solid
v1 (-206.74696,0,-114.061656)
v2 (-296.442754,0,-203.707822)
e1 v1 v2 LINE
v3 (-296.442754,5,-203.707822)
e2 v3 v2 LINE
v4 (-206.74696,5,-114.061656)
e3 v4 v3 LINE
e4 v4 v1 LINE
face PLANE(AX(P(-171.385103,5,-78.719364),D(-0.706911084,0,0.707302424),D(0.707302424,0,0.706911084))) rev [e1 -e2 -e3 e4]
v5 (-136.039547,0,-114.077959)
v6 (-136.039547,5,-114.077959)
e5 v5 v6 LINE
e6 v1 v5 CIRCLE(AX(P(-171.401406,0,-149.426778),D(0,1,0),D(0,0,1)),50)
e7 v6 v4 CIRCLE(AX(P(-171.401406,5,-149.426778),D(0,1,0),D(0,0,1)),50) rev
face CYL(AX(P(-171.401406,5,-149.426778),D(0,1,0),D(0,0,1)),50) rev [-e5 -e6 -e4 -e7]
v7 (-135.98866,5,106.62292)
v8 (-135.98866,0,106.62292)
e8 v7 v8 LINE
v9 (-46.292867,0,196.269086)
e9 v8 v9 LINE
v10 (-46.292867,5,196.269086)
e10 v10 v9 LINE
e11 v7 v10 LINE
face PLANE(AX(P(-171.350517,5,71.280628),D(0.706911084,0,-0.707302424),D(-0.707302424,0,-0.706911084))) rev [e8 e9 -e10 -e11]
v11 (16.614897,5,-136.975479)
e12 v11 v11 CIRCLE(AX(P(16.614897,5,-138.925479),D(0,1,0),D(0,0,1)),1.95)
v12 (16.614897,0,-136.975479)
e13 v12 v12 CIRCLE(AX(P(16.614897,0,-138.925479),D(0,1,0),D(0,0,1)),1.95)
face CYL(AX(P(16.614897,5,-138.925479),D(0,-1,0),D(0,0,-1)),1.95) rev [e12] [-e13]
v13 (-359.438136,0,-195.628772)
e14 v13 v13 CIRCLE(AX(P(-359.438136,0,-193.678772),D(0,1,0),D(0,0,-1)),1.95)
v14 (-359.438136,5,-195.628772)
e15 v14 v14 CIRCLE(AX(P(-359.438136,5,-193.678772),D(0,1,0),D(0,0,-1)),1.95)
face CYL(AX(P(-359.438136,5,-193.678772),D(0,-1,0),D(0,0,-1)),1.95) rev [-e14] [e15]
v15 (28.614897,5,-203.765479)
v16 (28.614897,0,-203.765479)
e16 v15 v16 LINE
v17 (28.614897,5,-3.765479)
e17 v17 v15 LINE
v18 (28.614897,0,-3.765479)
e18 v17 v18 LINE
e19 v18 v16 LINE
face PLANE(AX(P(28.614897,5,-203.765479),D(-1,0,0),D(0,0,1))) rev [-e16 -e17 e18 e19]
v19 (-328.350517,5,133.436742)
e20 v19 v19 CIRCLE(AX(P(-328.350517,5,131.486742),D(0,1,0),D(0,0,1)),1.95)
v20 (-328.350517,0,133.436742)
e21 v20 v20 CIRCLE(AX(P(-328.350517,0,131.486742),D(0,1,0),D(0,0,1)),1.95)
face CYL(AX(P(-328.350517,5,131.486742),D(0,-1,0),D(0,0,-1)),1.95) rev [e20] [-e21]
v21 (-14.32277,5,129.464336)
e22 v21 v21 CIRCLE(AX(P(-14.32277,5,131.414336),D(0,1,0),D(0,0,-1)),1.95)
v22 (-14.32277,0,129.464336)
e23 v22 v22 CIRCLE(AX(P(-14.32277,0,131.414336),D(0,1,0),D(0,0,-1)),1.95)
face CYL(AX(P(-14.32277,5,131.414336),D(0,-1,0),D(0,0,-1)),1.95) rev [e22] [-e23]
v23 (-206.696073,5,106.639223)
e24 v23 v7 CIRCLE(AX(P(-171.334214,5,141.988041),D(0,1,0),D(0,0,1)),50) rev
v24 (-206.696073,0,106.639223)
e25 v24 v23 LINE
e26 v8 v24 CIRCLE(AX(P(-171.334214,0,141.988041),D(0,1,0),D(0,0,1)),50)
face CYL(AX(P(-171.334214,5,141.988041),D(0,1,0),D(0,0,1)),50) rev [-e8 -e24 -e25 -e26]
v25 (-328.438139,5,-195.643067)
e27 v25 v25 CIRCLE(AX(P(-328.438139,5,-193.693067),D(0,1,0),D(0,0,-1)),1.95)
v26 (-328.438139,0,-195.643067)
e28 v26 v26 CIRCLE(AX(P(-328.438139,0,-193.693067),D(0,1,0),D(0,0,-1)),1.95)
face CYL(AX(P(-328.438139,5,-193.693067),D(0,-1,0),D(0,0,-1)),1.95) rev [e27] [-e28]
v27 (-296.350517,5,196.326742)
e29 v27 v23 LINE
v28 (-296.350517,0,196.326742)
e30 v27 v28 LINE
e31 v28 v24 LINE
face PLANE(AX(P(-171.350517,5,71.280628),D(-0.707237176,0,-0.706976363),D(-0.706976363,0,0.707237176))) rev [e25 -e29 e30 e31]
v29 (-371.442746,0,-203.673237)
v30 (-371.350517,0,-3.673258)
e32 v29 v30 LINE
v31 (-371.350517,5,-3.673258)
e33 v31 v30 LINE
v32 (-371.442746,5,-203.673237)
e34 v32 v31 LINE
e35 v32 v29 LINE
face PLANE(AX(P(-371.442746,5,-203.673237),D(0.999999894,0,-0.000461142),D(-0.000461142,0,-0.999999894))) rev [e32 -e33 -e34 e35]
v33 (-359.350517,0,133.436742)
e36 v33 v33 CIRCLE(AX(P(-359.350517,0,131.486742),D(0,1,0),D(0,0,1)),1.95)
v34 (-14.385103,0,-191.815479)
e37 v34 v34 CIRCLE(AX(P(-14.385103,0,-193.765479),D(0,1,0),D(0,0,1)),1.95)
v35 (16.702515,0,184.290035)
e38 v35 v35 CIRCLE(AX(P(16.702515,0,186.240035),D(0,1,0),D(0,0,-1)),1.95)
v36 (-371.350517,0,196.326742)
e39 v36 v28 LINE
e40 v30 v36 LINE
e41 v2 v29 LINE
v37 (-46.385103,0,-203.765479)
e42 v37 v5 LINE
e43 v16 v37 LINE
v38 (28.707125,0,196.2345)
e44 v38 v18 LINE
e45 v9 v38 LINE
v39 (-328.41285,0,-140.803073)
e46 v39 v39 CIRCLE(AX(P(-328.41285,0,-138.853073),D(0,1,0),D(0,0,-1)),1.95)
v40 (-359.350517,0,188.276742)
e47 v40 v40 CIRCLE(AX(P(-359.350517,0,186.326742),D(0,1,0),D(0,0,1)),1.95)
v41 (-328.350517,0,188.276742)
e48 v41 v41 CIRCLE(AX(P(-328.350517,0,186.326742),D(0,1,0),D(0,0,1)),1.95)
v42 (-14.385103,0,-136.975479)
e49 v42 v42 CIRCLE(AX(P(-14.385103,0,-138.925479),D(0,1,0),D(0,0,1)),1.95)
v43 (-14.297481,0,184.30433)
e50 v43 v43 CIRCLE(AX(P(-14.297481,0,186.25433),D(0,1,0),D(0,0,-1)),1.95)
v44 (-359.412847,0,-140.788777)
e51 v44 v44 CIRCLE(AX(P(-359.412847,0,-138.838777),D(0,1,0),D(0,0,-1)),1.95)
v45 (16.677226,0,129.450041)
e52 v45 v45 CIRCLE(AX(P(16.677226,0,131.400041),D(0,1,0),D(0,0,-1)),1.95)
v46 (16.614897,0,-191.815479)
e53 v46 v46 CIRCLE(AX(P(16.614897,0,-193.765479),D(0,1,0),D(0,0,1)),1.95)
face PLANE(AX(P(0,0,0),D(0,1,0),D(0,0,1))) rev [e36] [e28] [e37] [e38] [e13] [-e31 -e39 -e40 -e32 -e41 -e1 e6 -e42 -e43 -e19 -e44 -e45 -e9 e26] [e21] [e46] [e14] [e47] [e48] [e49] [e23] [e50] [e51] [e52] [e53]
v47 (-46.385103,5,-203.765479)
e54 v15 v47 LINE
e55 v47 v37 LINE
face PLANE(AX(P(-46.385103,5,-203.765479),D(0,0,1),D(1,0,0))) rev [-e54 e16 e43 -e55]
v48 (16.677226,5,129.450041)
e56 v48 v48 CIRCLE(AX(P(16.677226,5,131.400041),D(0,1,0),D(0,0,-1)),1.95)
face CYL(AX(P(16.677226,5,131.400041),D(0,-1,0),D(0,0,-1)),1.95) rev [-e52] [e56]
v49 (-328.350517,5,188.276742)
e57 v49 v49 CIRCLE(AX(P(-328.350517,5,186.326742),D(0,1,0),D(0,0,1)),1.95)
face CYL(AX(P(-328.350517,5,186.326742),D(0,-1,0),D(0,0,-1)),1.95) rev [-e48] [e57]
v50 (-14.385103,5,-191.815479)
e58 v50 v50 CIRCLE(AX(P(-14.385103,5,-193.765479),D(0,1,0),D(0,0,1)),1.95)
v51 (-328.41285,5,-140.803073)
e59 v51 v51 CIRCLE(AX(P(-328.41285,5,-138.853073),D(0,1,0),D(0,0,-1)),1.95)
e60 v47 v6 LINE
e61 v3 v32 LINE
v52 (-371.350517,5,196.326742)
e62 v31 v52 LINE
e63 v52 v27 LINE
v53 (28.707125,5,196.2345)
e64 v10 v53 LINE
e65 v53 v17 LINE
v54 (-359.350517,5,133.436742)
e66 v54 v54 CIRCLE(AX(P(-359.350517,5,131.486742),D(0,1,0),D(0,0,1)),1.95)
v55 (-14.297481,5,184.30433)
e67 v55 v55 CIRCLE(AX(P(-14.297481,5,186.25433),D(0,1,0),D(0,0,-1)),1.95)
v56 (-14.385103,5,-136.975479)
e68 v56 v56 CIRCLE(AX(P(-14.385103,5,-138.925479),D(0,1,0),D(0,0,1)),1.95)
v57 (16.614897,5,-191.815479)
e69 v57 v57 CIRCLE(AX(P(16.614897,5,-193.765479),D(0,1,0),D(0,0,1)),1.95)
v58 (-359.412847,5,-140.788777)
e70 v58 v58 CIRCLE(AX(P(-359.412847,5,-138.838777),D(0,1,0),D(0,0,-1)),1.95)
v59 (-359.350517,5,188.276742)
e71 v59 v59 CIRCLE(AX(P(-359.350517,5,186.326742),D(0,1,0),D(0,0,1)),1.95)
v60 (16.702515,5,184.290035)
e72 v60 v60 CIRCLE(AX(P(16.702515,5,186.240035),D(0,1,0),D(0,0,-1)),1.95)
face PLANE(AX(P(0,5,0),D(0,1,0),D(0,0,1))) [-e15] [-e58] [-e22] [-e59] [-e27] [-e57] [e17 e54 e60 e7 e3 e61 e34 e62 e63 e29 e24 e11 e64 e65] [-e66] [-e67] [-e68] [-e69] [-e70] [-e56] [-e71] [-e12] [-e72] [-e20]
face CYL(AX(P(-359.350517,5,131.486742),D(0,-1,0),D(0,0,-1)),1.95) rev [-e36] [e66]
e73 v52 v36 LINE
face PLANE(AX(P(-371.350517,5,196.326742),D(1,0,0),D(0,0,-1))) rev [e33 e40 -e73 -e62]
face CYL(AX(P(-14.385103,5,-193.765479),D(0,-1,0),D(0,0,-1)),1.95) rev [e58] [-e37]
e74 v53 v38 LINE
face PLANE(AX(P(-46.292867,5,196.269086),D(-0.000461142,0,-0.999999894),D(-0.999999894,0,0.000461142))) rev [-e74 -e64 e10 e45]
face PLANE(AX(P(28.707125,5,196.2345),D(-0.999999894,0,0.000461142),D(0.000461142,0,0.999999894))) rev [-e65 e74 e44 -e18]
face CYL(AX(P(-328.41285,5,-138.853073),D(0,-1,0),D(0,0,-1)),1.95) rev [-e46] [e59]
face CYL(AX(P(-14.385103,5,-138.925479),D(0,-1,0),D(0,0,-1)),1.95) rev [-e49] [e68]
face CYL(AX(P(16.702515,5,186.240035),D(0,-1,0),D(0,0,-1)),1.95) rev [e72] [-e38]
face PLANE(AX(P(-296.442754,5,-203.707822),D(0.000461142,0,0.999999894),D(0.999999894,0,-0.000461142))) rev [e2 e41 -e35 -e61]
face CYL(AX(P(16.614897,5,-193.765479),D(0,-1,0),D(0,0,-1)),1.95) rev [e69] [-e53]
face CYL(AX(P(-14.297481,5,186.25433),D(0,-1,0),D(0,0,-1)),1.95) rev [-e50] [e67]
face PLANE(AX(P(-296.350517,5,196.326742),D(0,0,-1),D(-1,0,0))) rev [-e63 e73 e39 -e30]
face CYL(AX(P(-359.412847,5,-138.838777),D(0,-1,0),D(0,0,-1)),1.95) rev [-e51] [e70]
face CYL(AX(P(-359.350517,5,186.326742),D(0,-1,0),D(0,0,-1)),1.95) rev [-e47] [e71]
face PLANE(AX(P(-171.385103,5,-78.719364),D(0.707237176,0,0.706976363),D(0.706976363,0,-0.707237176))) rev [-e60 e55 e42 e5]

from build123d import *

# Parameters (mm, degrees)
SKETCH1_R           = 1.95
BOSS_EXTRUDE1_DEPTH = 5
FILLET1_R           = 50


with BuildPart() as part:
    # Sketch1 → Boss-Extrude1 (new body)
    with BuildSketch(Plane(origin=(0, 0, 0), x_dir=(1, 0, 0), z_dir=(0, 1, 0))):
        Polygon((-171.385103045, 78.719364296), (-46.385103045, 203.765478515), (28.614896955, 203.765478515), (28.614896955, 3.765478515), (28.707125389, -196.23450022), (-46.292866637, -196.269085883), (-171.350517383, -71.28062773), (-296.350517383, -196.326741949), (-371.350517383, -196.326741949), (-371.350517383, 3.673258051), (-371.442745817, 203.673236785), (-296.442753791, 203.707822448), align=None)
        with Locations((16.614896955, 193.765478515)):
            Circle(SKETCH1_R, mode=Mode.SUBTRACT)
        with Locations((-14.385103045, 193.765478515)):
            Circle(SKETCH1_R, mode=Mode.SUBTRACT)
        with Locations((-14.385103045, 138.925478515)):
            Circle(SKETCH1_R, mode=Mode.SUBTRACT)
        with Locations((16.614896955, 138.925478515)):
            Circle(SKETCH1_R, mode=Mode.SUBTRACT)
        with Locations((16.677226206, -131.40004082)):
            Circle(SKETCH1_R, mode=Mode.SUBTRACT)
        with Locations((-14.322770498, -131.414336227)):
            Circle(SKETCH1_R, mode=Mode.SUBTRACT)
        with Locations((16.702515243, -186.240034989)):
            Circle(SKETCH1_R, mode=Mode.SUBTRACT)
        with Locations((-14.297481461, -186.254330396)):
            Circle(SKETCH1_R, mode=Mode.SUBTRACT)
        with Locations((-328.350517383, -186.326741949)):
            Circle(SKETCH1_R, mode=Mode.SUBTRACT)
        with Locations((-359.350517383, -186.326741949)):
            Circle(SKETCH1_R, mode=Mode.SUBTRACT)
        with Locations((-328.350517383, -131.486741949)):
            Circle(SKETCH1_R, mode=Mode.SUBTRACT)
        with Locations((-359.350517383, -131.486741949)):
            Circle(SKETCH1_R, mode=Mode.SUBTRACT)
        with Locations((-359.412846634, 138.838777386)):
            Circle(SKETCH1_R, mode=Mode.SUBTRACT)
        with Locations((-328.41284993, 138.853072793)):
            Circle(SKETCH1_R, mode=Mode.SUBTRACT)
        with Locations((-328.438138967, 193.693066962)):
            Circle(SKETCH1_R, mode=Mode.SUBTRACT)
        with Locations((-359.438135671, 193.678771555)):
            Circle(SKETCH1_R, mode=Mode.SUBTRACT)
    extrude(amount=BOSS_EXTRUDE1_DEPTH)

    # Fillet1
    fillet1_edges = [part.edges().sort_by_distance(p)[0] for p in [
        (-171.385103045, 2.5, -78.719364296),
        (-171.350517383, 2.5, 71.28062773),
    ]]
    fillet(fillet1_edges, radius=FILLET1_R)


solid = part.part
